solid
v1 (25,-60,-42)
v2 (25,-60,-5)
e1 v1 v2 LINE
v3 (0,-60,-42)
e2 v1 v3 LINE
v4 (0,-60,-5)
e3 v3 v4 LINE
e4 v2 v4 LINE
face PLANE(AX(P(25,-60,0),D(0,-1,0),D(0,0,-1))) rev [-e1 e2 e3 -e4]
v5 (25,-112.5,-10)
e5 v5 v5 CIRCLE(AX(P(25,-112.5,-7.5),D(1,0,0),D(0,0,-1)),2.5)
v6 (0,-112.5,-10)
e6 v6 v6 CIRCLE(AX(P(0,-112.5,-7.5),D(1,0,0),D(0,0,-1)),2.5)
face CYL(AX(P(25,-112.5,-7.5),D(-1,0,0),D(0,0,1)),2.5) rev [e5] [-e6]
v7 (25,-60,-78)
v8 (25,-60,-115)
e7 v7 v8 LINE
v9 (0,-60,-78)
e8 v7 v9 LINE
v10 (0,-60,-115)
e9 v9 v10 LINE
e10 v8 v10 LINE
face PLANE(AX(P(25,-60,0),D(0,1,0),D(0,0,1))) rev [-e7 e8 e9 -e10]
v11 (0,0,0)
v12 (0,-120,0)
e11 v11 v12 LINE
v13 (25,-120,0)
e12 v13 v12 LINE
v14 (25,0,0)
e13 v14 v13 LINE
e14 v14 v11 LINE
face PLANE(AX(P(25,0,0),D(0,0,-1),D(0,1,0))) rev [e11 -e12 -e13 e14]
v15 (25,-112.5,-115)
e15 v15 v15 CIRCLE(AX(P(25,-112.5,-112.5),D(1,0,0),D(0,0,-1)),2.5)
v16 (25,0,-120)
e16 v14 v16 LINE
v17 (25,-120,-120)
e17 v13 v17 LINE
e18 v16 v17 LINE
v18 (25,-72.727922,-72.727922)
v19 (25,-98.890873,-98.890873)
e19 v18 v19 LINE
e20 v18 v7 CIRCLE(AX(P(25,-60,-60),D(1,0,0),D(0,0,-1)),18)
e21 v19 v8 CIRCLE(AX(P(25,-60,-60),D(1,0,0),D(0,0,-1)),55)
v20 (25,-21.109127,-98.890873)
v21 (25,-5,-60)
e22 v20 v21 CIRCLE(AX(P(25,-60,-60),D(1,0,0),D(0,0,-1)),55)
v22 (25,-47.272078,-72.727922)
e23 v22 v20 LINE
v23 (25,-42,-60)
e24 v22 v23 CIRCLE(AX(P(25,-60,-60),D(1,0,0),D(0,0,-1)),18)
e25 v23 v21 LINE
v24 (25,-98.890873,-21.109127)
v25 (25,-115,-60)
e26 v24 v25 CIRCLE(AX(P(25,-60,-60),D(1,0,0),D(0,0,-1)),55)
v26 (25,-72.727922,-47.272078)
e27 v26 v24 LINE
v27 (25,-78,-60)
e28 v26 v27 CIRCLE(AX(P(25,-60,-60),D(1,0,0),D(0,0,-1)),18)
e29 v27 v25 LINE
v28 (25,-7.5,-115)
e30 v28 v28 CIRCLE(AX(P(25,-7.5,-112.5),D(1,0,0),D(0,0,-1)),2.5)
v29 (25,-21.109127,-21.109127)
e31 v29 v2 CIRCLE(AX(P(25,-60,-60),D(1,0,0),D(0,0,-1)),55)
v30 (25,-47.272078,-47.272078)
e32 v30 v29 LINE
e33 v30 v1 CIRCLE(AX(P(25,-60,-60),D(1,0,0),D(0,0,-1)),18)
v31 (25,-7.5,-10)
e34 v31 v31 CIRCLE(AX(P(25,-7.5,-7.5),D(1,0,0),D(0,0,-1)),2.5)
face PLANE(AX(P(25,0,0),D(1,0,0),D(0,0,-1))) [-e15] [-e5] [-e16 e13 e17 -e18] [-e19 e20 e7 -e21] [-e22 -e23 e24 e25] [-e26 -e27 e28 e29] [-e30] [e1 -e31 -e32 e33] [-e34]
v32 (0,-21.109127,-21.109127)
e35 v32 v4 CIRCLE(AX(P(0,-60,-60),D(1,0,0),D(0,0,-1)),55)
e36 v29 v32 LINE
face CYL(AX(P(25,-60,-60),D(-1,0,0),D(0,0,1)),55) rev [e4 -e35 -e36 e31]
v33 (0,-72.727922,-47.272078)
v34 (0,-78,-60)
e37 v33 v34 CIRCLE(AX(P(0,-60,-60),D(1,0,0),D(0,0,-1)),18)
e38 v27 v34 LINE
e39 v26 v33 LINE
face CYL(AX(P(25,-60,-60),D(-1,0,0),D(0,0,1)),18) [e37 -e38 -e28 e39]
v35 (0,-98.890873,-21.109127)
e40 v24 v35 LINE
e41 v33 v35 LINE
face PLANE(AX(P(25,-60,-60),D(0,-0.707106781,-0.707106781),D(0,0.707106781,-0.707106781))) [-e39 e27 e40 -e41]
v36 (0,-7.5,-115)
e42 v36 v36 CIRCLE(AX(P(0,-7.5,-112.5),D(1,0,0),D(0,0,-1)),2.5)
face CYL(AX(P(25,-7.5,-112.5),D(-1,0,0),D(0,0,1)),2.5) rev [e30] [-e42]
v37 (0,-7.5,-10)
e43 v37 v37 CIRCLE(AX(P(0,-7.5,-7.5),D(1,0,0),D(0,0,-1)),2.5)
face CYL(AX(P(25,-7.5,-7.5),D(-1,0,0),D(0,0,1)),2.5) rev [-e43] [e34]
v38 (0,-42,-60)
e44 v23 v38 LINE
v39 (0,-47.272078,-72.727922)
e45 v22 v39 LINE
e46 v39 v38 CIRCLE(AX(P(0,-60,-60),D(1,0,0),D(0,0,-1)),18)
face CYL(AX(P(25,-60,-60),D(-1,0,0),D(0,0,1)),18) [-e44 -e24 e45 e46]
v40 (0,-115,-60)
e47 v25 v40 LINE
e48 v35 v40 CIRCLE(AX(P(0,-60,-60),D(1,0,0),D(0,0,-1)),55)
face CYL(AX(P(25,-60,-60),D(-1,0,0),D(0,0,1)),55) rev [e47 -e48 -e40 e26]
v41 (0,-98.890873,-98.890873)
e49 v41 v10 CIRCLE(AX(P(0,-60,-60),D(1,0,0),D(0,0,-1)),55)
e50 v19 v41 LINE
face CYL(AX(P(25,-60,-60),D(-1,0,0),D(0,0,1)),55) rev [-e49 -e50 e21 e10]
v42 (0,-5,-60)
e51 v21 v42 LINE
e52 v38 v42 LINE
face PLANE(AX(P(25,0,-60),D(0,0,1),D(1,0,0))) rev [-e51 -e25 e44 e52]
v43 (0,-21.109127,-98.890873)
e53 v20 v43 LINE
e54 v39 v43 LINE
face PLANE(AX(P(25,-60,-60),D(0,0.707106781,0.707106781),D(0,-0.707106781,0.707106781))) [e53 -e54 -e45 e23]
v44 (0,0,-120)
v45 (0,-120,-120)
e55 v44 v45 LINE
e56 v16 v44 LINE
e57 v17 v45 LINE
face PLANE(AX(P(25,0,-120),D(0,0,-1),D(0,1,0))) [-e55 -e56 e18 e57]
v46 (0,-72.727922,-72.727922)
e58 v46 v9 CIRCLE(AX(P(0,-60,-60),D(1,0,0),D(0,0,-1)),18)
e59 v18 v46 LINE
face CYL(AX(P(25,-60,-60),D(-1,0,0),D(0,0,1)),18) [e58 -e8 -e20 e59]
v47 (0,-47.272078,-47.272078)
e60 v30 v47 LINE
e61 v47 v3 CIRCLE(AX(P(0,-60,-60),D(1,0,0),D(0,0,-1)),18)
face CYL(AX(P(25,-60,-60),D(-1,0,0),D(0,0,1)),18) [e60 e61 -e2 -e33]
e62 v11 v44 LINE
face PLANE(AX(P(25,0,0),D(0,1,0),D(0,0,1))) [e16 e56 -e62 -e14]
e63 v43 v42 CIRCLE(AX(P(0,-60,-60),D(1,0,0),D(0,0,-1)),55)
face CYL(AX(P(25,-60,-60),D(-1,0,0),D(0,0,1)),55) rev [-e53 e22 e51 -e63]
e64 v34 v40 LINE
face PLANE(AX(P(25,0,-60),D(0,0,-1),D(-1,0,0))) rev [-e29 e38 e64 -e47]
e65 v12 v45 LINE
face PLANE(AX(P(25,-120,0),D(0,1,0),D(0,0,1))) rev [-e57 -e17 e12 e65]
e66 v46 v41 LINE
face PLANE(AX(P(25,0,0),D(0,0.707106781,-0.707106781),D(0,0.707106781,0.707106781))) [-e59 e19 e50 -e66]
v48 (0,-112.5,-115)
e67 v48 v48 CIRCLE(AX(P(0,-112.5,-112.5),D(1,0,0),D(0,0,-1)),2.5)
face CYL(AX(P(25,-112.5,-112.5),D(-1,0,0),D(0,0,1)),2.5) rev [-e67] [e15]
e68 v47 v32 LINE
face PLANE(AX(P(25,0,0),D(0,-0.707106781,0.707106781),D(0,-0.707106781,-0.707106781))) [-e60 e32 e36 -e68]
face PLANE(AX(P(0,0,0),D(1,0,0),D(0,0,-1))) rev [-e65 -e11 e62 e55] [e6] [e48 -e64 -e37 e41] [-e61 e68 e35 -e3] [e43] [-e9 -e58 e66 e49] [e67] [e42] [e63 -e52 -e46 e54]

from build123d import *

# Parameters (mm, degrees)
SKETCH_1_W      = 120
SKETCH_1_H      = 120
SKETCH_1_R      = 2.5
SKETCH_1_R_2    = 55
SKETCH_1_R_3    = 18
EXTRUDE_1_DEPTH = 25


with BuildPart() as part:
    # 草图1 → 凸台-拉伸1 (new body)
    # profile 1 of 6: a face of its own
    with BuildSketch(Plane(origin=(0, 0, 0), x_dir=(0, 0, -1), z_dir=(1, 0, 0))):
        with Locations((60, -60)):
            Rectangle(SKETCH_1_W, SKETCH_1_H)
        with Locations((7.5, -112.5)):
            Circle(SKETCH_1_R, mode=Mode.SUBTRACT)
        with Locations((112.5, -112.5)):
            Circle(SKETCH_1_R, mode=Mode.SUBTRACT)
        with Locations((112.5, -7.5)):
            Circle(SKETCH_1_R, mode=Mode.SUBTRACT)
        with Locations((7.5, -7.5)):
            Circle(SKETCH_1_R, mode=Mode.SUBTRACT)
        with Locations((60, -60)):
            Circle(SKETCH_1_R_2, mode=Mode.SUBTRACT)
    # profile 2 of 6: a face of its own
    with BuildSketch(Plane(origin=(0, 0, 0), x_dir=(0, 0, -1), z_dir=(1, 0, 0))):
        with Locations((60, -60)):
            Circle(SKETCH_1_R_3)
    # profile 3 of 6: a face of its own
    with BuildSketch(Plane(origin=(0, 0, 0), x_dir=(0, 0, -1), z_dir=(1, 0, 0))):
        with BuildLine():
            ThreePointArc((47.272077939, -47.272077939), (53.111698217, -43.370168415), (60, -42))
            Line((60, -42), (60, -5))
            ThreePointArc((60, -5), (38.95241122, -9.186625712), (21.109127035, -21.109127035))
            Line((21.109127035, -21.109127035), (47.272077939, -47.272077939))
        make_face()
    # profile 4 of 6: a face of its own
    with BuildSketch(Plane(origin=(0, 0, 0), x_dir=(0, 0, -1), z_dir=(1, 0, 0))):
        with BuildLine():
            Line((98.890872965, -21.109127035), (72.727922061, -47.272077939))
            ThreePointArc((72.727922061, -47.272077939), (76.629831585, -53.111698217), (78, -60))
            Line((78, -60), (115, -60))
            ThreePointArc((115, -60), (110.813374288, -38.95241122), (98.890872965, -21.109127035))
        make_face()
    # profile 5 of 6: a face of its own
    with BuildSketch(Plane(origin=(0, 0, 0), x_dir=(0, 0, -1), z_dir=(1, 0, 0))):
        with BuildLine():
            Line((98.890872965, -98.890872965), (72.727922061, -72.727922061))
            ThreePointArc((72.727922061, -72.727922061), (66.888301783, -76.629831585), (60, -78))
            Line((60, -78), (60, -115))
            ThreePointArc((60, -115), (81.04758878, -110.813374288), (98.890872965, -98.890872965))
        make_face()
    # profile 6 of 6: a face of its own
    with BuildSketch(Plane(origin=(0, 0, 0), x_dir=(0, 0, -1), z_dir=(1, 0, 0))):
        with BuildLine():
            ThreePointArc((47.272077939, -72.727922061), (43.370168415, -66.888301783), (42, -60))
            Line((42, -60), (5, -60))
            ThreePointArc((5, -60), (9.186625712, -81.04758878), (21.109127035, -98.890872965))
            Line((21.109127035, -98.890872965), (47.272077939, -72.727922061))
        make_face()
    extrude(amount=EXTRUDE_1_DEPTH)


solid = part.part
